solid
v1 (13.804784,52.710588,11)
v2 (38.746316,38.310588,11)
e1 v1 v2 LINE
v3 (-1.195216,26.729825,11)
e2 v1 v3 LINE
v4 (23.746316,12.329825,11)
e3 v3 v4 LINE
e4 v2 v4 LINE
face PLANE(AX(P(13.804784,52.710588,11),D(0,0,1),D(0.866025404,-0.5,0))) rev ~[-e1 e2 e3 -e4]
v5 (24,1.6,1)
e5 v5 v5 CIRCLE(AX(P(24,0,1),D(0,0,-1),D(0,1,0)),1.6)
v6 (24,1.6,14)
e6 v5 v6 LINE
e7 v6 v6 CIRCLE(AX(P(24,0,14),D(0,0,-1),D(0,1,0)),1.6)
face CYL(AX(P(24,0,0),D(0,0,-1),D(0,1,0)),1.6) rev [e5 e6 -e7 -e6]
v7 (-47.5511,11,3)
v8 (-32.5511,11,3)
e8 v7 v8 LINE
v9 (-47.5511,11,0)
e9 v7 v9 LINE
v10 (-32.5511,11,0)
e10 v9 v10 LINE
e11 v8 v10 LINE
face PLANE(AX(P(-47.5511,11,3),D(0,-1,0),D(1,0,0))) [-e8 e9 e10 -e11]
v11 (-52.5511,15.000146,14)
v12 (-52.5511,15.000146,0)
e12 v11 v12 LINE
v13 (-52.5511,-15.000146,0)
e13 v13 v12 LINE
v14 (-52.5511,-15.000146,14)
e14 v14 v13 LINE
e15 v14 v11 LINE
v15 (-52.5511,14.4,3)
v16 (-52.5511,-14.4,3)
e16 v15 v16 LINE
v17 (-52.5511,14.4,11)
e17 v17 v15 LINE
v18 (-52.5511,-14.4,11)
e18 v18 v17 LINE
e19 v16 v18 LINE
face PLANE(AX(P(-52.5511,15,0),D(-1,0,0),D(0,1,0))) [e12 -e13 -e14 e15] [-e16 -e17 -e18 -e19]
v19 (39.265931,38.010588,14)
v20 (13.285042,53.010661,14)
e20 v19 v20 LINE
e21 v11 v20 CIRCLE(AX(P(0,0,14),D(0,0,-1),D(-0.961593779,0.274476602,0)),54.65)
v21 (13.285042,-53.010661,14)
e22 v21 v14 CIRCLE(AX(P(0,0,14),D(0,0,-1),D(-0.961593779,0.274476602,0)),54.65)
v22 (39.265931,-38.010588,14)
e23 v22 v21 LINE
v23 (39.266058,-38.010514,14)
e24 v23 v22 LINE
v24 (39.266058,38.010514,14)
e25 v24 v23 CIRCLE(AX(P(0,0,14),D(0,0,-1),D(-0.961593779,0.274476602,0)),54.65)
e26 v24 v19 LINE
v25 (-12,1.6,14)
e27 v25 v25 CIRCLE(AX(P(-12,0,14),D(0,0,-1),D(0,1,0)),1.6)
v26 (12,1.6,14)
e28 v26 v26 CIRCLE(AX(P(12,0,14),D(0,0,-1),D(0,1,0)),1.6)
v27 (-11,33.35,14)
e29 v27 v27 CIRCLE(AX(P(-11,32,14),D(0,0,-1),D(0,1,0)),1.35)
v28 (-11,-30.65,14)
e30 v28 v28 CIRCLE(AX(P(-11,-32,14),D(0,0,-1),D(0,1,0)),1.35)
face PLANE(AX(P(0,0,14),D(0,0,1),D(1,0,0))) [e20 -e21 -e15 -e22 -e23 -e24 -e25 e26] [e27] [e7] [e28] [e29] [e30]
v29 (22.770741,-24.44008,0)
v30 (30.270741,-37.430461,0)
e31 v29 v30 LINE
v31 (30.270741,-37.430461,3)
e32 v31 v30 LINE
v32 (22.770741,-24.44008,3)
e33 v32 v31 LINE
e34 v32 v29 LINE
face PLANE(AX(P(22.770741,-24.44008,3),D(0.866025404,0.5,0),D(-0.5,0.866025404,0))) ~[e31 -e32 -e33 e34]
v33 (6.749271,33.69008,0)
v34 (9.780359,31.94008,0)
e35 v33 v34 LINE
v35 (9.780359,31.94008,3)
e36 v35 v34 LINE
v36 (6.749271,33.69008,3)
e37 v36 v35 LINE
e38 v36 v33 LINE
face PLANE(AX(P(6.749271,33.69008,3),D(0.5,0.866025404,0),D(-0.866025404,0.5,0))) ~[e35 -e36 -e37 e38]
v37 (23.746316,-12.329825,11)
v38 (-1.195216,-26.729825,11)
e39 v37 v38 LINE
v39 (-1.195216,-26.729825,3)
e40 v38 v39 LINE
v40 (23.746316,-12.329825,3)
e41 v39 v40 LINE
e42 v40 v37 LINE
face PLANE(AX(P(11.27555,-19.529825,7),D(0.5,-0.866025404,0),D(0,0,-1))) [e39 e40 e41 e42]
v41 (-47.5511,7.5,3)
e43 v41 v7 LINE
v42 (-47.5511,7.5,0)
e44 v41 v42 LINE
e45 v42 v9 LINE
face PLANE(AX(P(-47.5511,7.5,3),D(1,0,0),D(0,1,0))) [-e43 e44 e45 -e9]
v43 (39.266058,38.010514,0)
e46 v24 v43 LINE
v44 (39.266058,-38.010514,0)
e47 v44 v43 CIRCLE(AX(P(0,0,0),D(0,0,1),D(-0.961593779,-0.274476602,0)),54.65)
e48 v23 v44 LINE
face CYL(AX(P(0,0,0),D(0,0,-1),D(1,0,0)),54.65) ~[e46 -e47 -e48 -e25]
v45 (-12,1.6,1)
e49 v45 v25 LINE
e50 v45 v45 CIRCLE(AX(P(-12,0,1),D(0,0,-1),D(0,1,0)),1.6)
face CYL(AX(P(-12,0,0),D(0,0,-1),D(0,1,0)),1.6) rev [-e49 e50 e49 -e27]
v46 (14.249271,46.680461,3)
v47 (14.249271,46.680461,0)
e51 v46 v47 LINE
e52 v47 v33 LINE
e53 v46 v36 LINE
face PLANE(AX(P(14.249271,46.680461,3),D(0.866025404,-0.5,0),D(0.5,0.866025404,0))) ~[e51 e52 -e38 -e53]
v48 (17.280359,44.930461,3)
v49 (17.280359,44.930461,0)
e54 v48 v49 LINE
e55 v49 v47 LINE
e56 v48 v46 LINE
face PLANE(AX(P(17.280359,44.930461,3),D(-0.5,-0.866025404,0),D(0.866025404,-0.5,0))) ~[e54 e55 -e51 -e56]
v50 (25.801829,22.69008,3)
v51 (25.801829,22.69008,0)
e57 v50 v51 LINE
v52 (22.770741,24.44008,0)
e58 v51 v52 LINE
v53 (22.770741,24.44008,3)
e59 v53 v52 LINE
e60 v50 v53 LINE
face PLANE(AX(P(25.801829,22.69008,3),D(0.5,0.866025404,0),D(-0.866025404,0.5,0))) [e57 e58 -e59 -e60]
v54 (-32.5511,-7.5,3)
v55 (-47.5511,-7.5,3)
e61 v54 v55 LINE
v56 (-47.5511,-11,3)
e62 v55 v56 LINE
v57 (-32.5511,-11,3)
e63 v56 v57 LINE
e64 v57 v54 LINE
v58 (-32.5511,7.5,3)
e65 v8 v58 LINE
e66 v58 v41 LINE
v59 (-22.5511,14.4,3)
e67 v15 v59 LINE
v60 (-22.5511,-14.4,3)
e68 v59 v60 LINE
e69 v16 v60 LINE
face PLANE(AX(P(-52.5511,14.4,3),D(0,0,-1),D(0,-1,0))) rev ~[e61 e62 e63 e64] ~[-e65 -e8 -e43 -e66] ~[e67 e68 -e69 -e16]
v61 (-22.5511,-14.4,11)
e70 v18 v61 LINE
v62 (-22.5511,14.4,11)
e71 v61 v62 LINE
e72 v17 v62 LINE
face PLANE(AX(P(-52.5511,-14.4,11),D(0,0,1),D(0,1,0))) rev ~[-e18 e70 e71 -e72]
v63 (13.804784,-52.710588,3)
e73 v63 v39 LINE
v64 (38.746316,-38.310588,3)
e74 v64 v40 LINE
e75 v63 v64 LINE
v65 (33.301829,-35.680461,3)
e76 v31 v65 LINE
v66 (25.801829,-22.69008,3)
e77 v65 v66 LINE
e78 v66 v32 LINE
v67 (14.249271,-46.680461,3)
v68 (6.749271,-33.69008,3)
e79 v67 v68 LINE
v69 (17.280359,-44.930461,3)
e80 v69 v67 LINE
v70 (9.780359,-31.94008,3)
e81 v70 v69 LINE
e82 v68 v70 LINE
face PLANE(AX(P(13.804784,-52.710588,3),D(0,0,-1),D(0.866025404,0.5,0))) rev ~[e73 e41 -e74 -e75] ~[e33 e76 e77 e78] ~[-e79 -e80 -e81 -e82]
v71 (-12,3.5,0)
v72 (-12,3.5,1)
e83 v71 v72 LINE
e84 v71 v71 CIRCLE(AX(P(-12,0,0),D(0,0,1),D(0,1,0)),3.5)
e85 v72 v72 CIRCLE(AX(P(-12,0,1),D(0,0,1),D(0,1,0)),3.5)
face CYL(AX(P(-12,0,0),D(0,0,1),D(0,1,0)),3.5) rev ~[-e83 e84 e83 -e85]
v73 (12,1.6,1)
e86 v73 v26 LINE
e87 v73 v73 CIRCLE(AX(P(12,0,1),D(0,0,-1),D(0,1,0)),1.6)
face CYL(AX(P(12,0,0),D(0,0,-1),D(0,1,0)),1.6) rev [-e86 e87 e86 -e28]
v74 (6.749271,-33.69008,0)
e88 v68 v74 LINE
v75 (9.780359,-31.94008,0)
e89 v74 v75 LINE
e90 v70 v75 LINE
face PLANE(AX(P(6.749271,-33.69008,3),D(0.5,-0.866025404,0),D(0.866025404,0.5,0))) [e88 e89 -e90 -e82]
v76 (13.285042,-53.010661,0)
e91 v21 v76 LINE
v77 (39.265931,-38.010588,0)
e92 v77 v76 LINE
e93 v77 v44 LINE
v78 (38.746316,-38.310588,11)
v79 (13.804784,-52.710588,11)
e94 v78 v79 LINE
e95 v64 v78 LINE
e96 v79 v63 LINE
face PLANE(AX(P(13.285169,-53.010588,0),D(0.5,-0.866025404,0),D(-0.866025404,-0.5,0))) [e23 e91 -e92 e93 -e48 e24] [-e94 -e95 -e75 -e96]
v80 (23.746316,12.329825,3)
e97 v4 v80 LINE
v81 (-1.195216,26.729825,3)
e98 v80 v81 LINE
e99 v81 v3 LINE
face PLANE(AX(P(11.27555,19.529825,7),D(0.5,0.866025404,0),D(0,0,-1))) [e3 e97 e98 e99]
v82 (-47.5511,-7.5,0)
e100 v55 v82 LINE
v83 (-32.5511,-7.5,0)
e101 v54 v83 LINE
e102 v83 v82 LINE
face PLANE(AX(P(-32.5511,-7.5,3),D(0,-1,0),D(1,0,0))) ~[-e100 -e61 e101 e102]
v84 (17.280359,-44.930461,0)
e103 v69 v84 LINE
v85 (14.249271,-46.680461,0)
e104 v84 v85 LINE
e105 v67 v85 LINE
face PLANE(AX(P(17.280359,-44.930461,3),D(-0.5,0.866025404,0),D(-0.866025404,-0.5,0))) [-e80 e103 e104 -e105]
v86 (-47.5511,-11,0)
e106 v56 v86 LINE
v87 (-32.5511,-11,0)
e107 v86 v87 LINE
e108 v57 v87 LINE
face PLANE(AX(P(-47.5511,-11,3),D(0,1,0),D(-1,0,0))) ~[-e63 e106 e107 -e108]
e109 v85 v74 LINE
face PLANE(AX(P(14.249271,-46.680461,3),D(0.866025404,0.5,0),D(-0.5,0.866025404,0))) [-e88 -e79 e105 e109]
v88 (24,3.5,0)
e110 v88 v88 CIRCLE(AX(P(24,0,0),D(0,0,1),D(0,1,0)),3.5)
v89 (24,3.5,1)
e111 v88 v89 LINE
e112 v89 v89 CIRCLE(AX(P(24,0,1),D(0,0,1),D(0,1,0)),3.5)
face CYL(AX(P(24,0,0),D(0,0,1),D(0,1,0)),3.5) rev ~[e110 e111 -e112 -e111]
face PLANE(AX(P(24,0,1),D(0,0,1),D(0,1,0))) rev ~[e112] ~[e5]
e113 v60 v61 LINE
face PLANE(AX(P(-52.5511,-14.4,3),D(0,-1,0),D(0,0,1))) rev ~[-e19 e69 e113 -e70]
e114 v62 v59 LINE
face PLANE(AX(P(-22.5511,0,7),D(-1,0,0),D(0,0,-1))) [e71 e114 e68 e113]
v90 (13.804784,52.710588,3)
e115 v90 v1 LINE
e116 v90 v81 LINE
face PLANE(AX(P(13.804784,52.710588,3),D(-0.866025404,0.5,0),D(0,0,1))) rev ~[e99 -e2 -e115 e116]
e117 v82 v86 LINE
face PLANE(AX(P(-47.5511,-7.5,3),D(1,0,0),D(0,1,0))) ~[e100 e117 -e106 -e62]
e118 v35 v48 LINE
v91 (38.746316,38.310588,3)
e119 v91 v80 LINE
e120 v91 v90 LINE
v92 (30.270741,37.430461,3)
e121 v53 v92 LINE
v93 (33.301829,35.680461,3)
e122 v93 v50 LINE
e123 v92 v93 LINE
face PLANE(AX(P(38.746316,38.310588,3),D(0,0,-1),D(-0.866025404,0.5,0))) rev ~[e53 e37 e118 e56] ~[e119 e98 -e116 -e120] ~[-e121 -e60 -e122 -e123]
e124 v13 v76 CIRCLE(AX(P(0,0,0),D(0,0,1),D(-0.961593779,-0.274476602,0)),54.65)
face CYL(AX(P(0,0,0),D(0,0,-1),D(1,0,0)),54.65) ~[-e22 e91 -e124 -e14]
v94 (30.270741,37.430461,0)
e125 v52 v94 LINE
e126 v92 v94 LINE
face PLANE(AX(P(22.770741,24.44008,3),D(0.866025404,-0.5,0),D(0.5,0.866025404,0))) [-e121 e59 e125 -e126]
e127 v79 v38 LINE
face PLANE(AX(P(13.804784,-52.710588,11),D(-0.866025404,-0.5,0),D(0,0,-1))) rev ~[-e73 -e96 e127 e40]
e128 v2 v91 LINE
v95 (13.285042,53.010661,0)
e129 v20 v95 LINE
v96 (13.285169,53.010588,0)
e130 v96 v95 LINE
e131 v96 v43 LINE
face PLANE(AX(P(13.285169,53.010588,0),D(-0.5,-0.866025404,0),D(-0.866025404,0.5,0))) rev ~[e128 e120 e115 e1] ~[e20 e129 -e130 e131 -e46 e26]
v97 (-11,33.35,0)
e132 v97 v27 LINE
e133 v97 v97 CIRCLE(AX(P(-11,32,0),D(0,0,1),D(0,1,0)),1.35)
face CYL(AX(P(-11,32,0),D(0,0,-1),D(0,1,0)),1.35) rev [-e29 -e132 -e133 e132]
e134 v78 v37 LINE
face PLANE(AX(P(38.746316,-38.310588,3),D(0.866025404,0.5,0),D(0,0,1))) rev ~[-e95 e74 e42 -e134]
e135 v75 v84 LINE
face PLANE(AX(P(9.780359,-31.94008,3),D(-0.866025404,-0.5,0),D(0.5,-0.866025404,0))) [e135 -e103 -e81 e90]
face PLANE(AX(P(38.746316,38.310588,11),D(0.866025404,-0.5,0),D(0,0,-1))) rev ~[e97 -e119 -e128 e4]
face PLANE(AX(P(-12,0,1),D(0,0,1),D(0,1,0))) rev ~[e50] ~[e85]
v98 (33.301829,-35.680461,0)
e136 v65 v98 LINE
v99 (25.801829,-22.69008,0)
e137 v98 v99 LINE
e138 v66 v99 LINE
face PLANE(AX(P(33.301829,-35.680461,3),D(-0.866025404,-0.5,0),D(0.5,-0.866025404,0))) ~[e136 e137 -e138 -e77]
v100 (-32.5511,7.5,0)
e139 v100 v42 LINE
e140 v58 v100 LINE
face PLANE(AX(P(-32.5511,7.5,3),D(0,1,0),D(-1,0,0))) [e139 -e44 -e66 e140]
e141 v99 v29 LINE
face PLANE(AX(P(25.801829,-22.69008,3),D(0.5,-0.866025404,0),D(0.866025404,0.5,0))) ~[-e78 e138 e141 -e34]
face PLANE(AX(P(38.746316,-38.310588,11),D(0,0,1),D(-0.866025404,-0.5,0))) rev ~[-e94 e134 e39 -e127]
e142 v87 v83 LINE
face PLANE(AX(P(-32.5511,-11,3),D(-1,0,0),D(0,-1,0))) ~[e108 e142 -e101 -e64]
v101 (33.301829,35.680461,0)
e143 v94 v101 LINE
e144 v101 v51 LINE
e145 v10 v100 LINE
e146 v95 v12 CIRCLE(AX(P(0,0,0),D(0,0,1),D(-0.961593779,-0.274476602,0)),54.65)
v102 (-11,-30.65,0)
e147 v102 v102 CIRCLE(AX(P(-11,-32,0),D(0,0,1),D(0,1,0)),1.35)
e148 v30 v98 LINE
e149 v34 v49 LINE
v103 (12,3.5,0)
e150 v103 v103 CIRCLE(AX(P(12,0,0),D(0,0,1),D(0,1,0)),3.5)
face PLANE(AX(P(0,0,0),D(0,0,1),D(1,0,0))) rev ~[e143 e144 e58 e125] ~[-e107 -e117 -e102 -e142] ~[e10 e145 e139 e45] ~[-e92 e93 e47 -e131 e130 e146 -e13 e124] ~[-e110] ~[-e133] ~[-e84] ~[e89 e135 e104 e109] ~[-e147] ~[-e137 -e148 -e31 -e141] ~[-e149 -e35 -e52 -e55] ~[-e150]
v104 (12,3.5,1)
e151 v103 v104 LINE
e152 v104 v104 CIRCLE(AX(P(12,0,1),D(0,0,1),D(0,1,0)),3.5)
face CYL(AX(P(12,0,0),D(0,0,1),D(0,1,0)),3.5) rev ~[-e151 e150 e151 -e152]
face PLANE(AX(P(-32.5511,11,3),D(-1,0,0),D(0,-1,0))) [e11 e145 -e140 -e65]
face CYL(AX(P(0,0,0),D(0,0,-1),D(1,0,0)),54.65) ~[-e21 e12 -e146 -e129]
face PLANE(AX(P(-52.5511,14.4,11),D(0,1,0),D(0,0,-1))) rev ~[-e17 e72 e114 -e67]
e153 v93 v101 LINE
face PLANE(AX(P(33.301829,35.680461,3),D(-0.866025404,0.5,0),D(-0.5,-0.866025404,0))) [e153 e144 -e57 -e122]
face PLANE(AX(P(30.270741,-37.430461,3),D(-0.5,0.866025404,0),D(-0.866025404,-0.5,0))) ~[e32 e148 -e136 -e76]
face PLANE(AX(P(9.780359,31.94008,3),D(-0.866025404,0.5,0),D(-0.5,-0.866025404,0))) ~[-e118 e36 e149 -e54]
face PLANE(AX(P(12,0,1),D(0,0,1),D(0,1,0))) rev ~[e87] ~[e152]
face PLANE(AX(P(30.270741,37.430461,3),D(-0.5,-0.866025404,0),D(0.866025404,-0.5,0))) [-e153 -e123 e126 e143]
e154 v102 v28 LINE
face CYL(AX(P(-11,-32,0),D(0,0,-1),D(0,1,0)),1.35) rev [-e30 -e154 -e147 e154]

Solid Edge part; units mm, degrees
sketch "Sketch1" plane through (0, 0, 0) normal (0, 0, 1) x (1, 0, 0)
  circle A0 centre (0, 0) radius 54.65
  dimension "D1" = 109.3
extrude "Protrusion1" add sketch "Sketch1" along normal blind 14
sketch "Sketch2" plane through (0, 0, 0) normal (0, 0, 1) x (1, 0, 0)
  line L0 (-52.5511, 15) -> (-52.5511, -15)
extrude "Cutout1" cut sketch "Sketch2" along normal through all material side at (-52.6011, 0, 0)
sketch "Sketch3" plane through (-52.5511, 0, 6) normal (-1, 0, 0) x (0, -1, 0)
  line L0 (14.4, 5) -> (-14.4, 5)
  line L1 (-14.4, 5) -> (-14.4, -3)
  line L2 (-14.4, -3) -> (14.4, -3)
  line L3 (14.4, -3) -> (14.4, 5)
extrude "Extrusionsausschnitt_5" cut sketch "Sketch3" against normal blind 30
sketch "Sketch4" plane through (-24.581, 0, 3) normal (0, 0, 1) x (0, -1, 0)
  line L0 (-7.5, -7.9701) -> (-7.5, -22.9701)
  line L1 (-7.5, -22.9701) -> (-11, -22.9701)
  line L2 (-11, -22.9701) -> (-11, -7.9701)
  line L3 (-11, -7.9701) -> (-7.5, -7.9701)
extrude "Cutout2" cut sketch "Sketch4" against normal through all
mirror "Mirror1" about plane through (0, 0, 0) normal (0, -1, 0) of "Cutout2"
pattern_circular "Pattern1" count 3 over 360 about axis through (0, 0, 0) along (0, 0, -1) of "Mirror1", "Cutout2", "Extrusionsausschnitt_5", "Cutout1"
hole "Bohrung_3" at (12, 0, 0) direction (0, 0, 1) diameter 3.2 end through all
hole "Hole1" at (24, 0, 0) direction (0, 0, 1) diameter 3.2 end through all
hole "Bohrung_5" at (-12, 0, 0) direction (0, 0, 1) diameter 3.2 end through all
hole "Bohrung_6" at (-11, 32, 0) direction (0, 0, 1) diameter 2.7 end through all
hole "Hole2" at (-11, -32, 0) direction (0, 0, 1) diameter 2.7 end through all
hole "Bohrung_8" at (-12, 0, 0) direction (0, 0, 1) diameter 7 depth 1
hole "Hole3" at (12, 0, 0) direction (0, 0, 1) diameter 7 depth 1
hole "Hole4" at (24, 0, 0) direction (0, 0, 1) diameter 7 depth 1
properties material "PLA"
